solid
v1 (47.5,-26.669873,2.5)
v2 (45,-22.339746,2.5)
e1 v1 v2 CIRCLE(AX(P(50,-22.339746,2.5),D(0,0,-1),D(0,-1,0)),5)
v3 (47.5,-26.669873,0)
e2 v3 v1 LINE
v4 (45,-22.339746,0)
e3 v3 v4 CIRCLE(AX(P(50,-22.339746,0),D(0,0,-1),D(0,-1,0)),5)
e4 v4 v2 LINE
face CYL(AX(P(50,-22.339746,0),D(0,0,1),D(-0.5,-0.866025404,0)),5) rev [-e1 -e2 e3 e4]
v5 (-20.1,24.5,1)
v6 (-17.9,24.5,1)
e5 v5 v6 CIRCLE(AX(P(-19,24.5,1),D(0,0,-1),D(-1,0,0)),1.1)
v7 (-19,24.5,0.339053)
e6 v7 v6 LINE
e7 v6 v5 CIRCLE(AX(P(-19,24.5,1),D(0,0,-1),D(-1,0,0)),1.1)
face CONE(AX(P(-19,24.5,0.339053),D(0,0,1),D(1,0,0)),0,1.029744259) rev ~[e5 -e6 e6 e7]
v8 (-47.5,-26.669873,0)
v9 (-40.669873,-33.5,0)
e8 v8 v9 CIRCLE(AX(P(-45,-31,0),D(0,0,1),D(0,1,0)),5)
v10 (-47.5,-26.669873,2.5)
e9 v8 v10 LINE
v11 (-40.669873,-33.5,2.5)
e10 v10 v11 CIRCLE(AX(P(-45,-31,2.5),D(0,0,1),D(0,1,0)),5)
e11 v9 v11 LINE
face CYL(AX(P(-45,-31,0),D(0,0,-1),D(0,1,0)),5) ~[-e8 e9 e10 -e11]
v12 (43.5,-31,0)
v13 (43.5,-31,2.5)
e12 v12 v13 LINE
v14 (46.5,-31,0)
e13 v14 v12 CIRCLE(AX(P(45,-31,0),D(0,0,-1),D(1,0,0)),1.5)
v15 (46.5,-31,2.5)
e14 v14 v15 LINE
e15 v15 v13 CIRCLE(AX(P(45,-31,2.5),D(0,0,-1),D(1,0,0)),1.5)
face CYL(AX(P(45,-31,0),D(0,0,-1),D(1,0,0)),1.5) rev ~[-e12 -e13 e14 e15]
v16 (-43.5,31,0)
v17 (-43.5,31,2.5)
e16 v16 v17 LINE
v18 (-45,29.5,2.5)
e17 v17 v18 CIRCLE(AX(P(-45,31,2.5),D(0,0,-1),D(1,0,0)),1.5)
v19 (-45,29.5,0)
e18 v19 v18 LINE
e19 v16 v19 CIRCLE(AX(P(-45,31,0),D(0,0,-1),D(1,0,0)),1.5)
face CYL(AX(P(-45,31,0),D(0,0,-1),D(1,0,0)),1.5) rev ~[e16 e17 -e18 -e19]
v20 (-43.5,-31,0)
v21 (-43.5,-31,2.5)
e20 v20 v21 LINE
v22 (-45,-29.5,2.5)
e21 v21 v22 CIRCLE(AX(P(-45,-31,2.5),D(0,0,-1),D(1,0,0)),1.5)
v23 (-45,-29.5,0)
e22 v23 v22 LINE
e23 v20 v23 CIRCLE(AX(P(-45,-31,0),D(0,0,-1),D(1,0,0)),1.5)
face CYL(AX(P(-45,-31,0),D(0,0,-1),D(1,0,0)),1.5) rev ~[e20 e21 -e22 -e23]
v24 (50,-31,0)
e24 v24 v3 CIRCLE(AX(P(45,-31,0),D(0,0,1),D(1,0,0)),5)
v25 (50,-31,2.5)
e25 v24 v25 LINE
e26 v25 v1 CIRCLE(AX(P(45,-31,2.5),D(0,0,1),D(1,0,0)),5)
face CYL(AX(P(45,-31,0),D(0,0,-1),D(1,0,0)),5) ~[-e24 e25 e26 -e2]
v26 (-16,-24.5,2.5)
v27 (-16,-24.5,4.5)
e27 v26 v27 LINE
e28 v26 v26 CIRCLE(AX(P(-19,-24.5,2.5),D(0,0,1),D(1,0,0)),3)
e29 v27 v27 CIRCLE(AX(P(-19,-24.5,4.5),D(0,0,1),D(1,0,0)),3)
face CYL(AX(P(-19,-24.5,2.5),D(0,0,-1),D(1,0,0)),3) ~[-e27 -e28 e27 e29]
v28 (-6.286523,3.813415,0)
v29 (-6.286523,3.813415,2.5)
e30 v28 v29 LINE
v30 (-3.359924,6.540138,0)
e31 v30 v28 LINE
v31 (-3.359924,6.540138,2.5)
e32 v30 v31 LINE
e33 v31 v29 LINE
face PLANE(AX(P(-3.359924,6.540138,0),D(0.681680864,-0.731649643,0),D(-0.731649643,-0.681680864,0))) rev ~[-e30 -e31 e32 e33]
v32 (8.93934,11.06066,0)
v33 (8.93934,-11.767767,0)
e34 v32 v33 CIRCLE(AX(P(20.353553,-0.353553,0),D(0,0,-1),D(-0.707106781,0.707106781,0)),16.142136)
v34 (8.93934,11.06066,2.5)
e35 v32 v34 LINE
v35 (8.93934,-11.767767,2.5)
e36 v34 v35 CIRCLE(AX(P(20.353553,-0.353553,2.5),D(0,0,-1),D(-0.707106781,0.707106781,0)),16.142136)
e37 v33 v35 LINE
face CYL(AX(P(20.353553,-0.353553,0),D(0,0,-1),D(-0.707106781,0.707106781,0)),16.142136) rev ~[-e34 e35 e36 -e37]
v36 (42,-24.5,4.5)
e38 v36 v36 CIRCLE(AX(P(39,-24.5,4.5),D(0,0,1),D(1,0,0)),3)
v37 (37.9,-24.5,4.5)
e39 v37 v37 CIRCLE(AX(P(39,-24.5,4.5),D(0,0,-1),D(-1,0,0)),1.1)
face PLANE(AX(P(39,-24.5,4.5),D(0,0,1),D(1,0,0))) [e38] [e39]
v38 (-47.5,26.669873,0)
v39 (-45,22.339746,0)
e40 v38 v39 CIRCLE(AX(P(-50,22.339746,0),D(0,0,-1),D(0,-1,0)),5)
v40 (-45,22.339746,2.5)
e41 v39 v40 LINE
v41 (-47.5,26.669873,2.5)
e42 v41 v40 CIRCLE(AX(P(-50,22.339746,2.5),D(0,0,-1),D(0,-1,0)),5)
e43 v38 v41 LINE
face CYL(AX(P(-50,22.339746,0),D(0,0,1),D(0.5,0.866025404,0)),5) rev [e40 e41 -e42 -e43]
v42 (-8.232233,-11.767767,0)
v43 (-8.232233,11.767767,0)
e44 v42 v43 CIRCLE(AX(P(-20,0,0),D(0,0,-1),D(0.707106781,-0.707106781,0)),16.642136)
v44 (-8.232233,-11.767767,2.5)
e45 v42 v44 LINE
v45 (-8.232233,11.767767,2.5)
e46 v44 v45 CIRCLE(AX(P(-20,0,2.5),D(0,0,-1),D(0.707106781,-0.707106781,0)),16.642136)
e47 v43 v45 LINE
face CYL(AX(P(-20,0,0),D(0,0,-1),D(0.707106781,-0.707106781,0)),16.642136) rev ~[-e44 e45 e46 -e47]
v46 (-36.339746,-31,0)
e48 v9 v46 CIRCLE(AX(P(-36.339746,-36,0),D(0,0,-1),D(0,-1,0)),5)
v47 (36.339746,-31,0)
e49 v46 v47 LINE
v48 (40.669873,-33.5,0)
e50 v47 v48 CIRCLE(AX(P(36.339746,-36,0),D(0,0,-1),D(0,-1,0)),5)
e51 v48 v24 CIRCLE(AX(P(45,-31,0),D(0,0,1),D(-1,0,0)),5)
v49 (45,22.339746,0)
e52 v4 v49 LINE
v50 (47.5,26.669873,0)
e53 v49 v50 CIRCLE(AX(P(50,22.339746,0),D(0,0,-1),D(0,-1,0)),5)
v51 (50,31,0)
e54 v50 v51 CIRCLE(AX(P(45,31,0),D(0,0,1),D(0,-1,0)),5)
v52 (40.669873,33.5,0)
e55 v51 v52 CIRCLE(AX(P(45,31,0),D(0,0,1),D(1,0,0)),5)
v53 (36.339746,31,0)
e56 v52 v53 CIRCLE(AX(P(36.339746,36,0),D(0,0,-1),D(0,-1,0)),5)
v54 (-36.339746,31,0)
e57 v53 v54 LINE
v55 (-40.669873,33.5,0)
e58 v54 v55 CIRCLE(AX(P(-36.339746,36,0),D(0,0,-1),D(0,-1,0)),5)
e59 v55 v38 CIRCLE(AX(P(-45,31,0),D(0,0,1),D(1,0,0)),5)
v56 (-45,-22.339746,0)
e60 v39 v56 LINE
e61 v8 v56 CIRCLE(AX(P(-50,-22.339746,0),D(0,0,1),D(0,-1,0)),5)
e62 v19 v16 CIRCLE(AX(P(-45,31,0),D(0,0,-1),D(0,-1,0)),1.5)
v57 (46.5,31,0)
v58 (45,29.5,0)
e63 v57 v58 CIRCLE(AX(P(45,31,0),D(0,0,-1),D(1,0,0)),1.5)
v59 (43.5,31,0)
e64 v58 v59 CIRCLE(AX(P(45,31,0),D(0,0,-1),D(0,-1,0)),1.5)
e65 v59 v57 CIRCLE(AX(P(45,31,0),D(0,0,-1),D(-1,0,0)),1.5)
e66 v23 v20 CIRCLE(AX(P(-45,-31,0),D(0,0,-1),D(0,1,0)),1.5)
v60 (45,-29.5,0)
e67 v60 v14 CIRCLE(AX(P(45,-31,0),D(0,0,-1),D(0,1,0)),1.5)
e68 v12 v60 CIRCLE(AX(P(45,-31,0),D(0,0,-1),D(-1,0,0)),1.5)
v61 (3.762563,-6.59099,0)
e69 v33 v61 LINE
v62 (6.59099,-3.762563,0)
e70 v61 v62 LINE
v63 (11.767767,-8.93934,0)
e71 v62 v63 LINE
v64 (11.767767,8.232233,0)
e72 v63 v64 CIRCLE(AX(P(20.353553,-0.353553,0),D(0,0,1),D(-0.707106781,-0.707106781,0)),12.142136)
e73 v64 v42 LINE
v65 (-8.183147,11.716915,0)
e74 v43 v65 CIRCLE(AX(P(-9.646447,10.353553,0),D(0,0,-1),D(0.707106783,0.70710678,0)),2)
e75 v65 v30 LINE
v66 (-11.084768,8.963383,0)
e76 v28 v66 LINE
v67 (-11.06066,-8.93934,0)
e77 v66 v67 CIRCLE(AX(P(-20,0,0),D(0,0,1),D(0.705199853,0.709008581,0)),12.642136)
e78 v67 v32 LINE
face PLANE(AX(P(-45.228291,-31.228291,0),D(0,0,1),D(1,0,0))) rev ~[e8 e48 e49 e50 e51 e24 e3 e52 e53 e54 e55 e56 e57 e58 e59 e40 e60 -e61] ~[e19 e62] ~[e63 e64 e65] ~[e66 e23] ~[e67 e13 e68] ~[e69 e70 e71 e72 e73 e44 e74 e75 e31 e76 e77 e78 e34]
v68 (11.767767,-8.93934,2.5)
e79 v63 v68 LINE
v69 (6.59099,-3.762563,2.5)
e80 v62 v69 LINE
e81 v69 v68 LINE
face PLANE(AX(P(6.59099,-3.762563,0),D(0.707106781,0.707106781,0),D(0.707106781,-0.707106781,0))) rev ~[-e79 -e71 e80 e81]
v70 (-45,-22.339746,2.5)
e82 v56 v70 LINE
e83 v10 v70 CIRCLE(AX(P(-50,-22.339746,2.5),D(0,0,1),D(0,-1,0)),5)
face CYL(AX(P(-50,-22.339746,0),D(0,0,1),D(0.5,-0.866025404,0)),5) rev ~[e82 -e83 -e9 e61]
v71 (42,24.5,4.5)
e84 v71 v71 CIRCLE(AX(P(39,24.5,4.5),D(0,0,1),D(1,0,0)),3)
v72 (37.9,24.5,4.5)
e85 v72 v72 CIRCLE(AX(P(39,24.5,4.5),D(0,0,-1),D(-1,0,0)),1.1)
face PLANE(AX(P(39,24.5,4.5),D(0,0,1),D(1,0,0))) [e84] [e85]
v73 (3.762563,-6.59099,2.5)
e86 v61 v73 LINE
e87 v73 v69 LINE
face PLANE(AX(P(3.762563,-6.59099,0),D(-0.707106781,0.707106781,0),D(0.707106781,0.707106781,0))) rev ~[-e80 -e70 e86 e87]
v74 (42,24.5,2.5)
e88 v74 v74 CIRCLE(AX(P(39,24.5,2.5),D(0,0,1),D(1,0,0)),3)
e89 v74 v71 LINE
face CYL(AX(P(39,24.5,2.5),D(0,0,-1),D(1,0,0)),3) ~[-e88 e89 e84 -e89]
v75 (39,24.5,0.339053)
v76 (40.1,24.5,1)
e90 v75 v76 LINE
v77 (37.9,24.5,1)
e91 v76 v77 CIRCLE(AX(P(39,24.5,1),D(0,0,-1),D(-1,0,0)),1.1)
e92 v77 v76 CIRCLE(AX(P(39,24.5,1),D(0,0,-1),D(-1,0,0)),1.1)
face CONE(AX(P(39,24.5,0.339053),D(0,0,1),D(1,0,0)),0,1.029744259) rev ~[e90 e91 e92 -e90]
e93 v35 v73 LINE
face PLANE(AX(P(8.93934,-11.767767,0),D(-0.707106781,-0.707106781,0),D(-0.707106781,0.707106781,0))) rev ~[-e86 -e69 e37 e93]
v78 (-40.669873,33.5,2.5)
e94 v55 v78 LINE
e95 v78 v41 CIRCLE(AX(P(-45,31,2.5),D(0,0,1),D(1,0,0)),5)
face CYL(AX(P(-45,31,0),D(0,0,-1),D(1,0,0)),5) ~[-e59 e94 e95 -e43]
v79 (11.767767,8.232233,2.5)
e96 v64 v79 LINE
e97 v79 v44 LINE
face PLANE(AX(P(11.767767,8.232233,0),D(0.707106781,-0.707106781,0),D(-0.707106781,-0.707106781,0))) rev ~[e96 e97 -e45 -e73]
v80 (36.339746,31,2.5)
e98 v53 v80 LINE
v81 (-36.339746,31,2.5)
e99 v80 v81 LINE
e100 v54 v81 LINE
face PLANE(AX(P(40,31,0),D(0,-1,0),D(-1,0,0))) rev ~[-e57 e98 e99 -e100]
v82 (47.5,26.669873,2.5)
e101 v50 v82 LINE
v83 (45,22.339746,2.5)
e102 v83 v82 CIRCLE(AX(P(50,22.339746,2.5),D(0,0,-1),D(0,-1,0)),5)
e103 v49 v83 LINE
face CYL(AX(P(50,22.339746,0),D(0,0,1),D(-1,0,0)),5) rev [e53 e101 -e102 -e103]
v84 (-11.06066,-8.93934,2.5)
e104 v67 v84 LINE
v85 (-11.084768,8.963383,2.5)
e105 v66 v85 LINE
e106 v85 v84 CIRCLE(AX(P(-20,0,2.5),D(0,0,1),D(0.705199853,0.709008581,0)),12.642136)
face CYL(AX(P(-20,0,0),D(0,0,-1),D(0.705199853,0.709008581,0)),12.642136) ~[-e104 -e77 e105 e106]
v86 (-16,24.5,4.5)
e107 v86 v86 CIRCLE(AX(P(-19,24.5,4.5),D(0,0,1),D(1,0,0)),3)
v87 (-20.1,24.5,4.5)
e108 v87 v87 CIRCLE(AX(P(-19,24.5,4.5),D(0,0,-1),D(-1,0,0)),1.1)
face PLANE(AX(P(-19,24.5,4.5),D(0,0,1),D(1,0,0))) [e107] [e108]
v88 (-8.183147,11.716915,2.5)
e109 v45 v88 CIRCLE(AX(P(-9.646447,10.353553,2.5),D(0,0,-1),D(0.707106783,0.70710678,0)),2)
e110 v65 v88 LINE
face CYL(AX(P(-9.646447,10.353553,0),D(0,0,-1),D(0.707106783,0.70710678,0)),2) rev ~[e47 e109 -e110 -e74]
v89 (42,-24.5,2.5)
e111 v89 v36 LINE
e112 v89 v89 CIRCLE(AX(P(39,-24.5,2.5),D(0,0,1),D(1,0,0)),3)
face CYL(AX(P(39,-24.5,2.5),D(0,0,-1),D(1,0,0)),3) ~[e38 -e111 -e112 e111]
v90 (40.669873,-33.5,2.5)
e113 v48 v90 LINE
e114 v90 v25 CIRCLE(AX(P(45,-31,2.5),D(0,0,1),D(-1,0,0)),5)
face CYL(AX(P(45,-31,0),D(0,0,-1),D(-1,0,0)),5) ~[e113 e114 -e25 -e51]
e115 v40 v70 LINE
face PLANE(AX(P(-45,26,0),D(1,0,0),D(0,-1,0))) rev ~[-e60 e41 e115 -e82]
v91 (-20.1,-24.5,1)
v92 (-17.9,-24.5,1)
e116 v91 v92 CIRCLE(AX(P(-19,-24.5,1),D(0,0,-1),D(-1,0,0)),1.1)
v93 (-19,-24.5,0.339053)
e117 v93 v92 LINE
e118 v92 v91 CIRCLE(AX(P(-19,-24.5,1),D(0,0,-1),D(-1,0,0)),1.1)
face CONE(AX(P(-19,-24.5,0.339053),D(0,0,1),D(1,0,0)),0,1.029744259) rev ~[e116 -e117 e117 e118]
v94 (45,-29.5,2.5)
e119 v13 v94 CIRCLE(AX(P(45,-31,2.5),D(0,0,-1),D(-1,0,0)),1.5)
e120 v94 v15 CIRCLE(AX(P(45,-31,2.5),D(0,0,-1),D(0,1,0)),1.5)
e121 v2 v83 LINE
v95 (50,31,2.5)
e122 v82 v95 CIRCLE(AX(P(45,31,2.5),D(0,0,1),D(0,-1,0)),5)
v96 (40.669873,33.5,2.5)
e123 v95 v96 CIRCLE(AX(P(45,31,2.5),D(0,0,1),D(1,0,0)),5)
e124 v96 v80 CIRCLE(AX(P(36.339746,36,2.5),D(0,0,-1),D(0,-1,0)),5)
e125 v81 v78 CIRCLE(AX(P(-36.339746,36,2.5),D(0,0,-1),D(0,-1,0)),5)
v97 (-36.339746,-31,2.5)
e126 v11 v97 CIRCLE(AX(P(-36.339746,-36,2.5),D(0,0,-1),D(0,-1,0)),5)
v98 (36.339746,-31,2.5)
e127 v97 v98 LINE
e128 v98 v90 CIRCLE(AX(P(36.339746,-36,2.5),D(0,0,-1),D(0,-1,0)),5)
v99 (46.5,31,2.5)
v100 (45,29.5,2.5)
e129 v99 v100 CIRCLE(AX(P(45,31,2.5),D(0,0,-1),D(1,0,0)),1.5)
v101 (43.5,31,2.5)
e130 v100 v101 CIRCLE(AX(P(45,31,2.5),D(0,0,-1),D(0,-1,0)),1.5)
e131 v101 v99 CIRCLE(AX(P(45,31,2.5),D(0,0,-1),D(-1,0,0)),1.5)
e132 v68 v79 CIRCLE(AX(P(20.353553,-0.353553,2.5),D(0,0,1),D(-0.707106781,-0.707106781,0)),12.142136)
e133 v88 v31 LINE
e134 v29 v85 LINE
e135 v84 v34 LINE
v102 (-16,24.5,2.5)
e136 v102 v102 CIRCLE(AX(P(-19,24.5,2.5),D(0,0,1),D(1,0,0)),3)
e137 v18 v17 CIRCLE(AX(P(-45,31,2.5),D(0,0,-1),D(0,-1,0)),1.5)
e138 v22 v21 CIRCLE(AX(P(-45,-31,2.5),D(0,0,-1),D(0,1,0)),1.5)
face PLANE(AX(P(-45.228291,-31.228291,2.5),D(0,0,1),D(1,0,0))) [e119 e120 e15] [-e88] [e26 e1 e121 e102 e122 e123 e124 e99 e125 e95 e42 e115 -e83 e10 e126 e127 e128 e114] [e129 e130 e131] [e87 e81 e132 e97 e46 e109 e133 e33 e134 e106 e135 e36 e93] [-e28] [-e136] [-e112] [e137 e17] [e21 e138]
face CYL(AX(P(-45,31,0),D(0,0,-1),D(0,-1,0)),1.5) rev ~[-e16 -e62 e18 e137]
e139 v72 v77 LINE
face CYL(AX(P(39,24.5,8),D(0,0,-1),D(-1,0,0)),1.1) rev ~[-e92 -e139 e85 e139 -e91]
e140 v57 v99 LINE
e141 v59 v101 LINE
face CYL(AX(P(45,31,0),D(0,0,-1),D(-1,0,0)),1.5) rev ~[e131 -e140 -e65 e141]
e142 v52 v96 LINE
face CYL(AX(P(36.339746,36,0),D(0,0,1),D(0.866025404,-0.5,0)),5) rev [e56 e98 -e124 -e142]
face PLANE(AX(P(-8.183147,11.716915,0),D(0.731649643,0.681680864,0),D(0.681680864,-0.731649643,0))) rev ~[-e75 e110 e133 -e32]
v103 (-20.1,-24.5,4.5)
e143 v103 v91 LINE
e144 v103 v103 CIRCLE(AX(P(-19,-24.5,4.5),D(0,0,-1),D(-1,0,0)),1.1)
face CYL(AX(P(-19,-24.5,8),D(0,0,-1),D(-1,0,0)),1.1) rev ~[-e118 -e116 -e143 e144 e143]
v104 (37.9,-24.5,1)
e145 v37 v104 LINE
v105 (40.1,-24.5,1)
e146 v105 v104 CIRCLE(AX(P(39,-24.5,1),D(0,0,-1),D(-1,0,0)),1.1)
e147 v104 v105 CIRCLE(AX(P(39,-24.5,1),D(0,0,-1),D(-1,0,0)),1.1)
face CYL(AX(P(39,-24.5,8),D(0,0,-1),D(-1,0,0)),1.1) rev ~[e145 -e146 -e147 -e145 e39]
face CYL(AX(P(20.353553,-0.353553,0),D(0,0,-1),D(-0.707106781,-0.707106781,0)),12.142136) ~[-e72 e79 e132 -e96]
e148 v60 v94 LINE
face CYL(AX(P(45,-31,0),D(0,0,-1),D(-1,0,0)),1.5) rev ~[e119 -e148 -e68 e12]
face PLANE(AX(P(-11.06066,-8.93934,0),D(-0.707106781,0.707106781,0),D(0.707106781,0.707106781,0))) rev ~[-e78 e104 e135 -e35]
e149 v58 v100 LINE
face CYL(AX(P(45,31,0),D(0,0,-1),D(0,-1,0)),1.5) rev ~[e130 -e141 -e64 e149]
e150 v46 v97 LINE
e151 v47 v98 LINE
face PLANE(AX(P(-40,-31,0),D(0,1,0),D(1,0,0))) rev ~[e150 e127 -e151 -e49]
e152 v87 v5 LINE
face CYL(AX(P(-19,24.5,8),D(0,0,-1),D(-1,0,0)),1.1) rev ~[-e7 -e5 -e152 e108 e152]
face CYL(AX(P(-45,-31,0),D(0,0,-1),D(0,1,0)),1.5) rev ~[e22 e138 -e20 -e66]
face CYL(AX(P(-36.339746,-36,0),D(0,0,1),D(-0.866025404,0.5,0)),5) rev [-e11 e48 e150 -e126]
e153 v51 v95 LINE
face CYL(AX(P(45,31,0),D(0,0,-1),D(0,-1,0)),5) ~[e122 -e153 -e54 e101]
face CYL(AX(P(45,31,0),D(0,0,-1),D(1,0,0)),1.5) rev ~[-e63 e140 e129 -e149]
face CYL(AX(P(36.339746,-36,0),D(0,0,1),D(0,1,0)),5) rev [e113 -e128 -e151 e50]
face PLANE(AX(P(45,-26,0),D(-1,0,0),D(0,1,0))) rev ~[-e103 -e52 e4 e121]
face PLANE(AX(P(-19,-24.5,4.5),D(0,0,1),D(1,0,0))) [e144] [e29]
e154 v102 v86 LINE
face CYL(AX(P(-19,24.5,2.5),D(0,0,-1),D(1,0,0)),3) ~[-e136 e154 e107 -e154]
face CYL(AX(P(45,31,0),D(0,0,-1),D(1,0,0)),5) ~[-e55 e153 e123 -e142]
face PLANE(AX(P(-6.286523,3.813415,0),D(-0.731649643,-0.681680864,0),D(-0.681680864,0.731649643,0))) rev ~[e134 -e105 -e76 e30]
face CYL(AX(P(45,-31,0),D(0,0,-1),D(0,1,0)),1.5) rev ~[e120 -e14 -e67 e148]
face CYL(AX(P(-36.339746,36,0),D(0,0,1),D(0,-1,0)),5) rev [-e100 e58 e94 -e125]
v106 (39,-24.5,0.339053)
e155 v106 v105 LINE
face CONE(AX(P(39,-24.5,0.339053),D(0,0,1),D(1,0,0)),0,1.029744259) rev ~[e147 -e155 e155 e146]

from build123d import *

# Parameters (mm, degrees)
F1_DEPTH = 2.5
F2_R     = 5
F3_R     = 3
F4_DEPTH = 2
F6_D     = 2.2
F6_DEPTH = 3.5
F6_TIP   = 0.6609466809


with BuildPart() as f1:
    # F0 (on Top) → F1 (new body)
    with BuildSketch(Plane.XY):
        with BuildLine():
            ThreePointArc((-45, -26), (-48.5355339059, -34.5355339059), (-40, -31))
            Line((-40, -31), (-43.5, -31))
            ThreePointArc((-43.5, -31), (-46.0606601718, -32.0606601718), (-45, -29.5))
            Line((-45, -29.5), (-45, -26))
        make_face()
        with BuildLine():
            ThreePointArc((-45, -26), (-41.4644660941, -27.4644660941), (-40, -31))
            Line((-40, -31), (40, -31))
            ThreePointArc((40, -31), (41.4644660941, -27.4644660941), (45, -26))
            Line((45, -26), (45, 26))
            ThreePointArc((45, 26), (41.4644660941, 27.4644660941), (40, 31))
            Line((40, 31), (-40, 31))
            ThreePointArc((-40, 31), (-41.4644660941, 27.4644660941), (-45, 26))
            Line((-45, 26), (-45, -26))
        make_face()
        with BuildLine():
            Line((-11.0606601718, -8.9393398282), (8.9393398282, 11.0606601718))
            ThreePointArc((8.9393398282, 11.0606601718), (36.4956890143, -0.3535533906), (8.9393398282, -11.767766953))
            Line((8.9393398282, -11.767766953), (3.7625631329, -6.5909902577))
            Line((3.7625631329, -6.5909902577), (5.1767766953, -5.1767766953))
            Line((5.1767766953, -5.1767766953), (6.5909902577, -3.7625631329))
            Line((6.5909902577, -3.7625631329), (11.767766953, -8.9393398282))
            ThreePointArc((11.767766953, -8.9393398282), (32.4956890143, -0.3535533906), (11.767766953, 8.232233047))
            Line((11.767766953, 8.232233047), (-8.232233047, -11.767766953))
            ThreePointArc((-8.232233047, -11.767766953), (-36.6421356237, 0), (-8.232233047, 11.767766953))
            ThreePointArc((-8.232233047, 11.767766953), (-8.2074655375, 11.7425578811), (-8.1831473235, 11.716915118))
            Line((-8.1831473235, 11.716915118), (-3.3599240188, 6.5401384227))
            Line((-3.3599240188, 6.5401384227), (-4.8232233047, 5.1767766953))
            Line((-4.8232233047, 5.1767766953), (-6.2865225906, 3.8134149679))
            Line((-6.2865225906, 3.8134149679), (-11.0847678218, 8.9633826393))
            ThreePointArc((-11.0847678218, 8.9633826393), (-32.6421241617, -0.0170237742), (-11.0606601718, -8.9393398282))
        make_face(mode=Mode.SUBTRACT)
        with BuildLine():
            Line((-43.5, -31), (-40, -31))
            ThreePointArc((-40, -31), (-41.4644660941, -27.4644660941), (-45, -26))
            Line((-45, -26), (-45, -29.5))
            ThreePointArc((-45, -29.5), (-43.9393398282, -29.9393398282), (-43.5, -31))
        make_face()
        with BuildLine():
            ThreePointArc((45, -26), (41.4644660941, -27.4644660941), (40, -31))
            Line((40, -31), (43.5, -31))
            ThreePointArc((43.5, -31), (43.9393398282, -29.9393398282), (45, -29.5))
            Line((45, -29.5), (45, -26))
        make_face()
        with BuildLine():
            Line((43.5, -31), (40, -31))
            ThreePointArc((40, -31), (45, -36), (50, -31))
            ThreePointArc((50, -31), (48.5355339059, -27.4644660941), (45, -26))
            Line((45, -26), (45, -29.5))
            ThreePointArc((45, -29.5), (46.0606601718, -29.9393398282), (46.5, -31))
            ThreePointArc((46.5, -31), (45, -32.5), (43.5, -31))
        make_face()
        with BuildLine():
            ThreePointArc((-40, 31), (-48.5355339059, 34.5355339059), (-45, 26))
            Line((-45, 26), (-45, 29.5))
            ThreePointArc((-45, 29.5), (-46.0606601718, 32.0606601718), (-43.5, 31))
            Line((-43.5, 31), (-40, 31))
        make_face()
        with BuildLine():
            Line((-45, 29.5), (-45, 26))
            ThreePointArc((-45, 26), (-41.4644660941, 27.4644660941), (-40, 31))
            Line((-40, 31), (-43.5, 31))
            ThreePointArc((-43.5, 31), (-43.9393398282, 29.9393398282), (-45, 29.5))
        make_face()
        with BuildLine():
            ThreePointArc((40, 31), (41.4644660941, 27.4644660941), (45, 26))
            Line((45, 26), (45, 29.5))
            ThreePointArc((45, 29.5), (43.9393398282, 29.9393398282), (43.5, 31))
            Line((43.5, 31), (40, 31))
        make_face()
        with BuildLine():
            Line((45, 29.5), (45, 26))
            ThreePointArc((45, 26), (48.5355339059, 27.4644660941), (50, 31))
            ThreePointArc((50, 31), (45, 36), (40, 31))
            Line((40, 31), (43.5, 31))
            ThreePointArc((43.5, 31), (45, 32.5), (46.5, 31))
            ThreePointArc((46.5, 31), (46.0606601718, 29.9393398282), (45, 29.5))
        make_face()
    extrude(amount=F1_DEPTH)

    # F2
    f2_edges = [f1.edges().sort_by_distance(p)[0] for p in [
        (-40, -31, 1.25),
        (45, 26, 1.25),
        (40, -31, 1.25),
        (-45, -26, 1.25),
        (-45, 26, 1.25),
        (-40, 31, 1.25),
        (40, 31, 1.25),
        (45, -26, 1.25),
    ]]
    fillet(f2_edges, radius=F2_R)

    # F3 (on face) → F4 (join)
    with BuildSketch(Plane.XY.offset(2.5)):
        with Locations((-19, -24.5)):
            Circle(F3_R)
        with Locations((39, -24.5)):
            Circle(F3_R)
        with Locations((39, 24.5)):
            Circle(F3_R)
        with Locations((-19, 24.5)):
            Circle(F3_R)
    extrude(amount=F4_DEPTH)

    # F6
    with Locations(Plane.XY.offset(4.5)):
        with Locations((-19, 24.5), (39, 24.5), (39, -24.5), (-19, -24.5)):
            Hole(F6_D / 2, depth=F6_DEPTH)
            with Locations((0, 0, -(F6_DEPTH + F6_TIP / 2))):  # 118° drill point
                Cone(0, F6_D / 2, F6_TIP, mode=Mode.SUBTRACT)


solid = f1.part
